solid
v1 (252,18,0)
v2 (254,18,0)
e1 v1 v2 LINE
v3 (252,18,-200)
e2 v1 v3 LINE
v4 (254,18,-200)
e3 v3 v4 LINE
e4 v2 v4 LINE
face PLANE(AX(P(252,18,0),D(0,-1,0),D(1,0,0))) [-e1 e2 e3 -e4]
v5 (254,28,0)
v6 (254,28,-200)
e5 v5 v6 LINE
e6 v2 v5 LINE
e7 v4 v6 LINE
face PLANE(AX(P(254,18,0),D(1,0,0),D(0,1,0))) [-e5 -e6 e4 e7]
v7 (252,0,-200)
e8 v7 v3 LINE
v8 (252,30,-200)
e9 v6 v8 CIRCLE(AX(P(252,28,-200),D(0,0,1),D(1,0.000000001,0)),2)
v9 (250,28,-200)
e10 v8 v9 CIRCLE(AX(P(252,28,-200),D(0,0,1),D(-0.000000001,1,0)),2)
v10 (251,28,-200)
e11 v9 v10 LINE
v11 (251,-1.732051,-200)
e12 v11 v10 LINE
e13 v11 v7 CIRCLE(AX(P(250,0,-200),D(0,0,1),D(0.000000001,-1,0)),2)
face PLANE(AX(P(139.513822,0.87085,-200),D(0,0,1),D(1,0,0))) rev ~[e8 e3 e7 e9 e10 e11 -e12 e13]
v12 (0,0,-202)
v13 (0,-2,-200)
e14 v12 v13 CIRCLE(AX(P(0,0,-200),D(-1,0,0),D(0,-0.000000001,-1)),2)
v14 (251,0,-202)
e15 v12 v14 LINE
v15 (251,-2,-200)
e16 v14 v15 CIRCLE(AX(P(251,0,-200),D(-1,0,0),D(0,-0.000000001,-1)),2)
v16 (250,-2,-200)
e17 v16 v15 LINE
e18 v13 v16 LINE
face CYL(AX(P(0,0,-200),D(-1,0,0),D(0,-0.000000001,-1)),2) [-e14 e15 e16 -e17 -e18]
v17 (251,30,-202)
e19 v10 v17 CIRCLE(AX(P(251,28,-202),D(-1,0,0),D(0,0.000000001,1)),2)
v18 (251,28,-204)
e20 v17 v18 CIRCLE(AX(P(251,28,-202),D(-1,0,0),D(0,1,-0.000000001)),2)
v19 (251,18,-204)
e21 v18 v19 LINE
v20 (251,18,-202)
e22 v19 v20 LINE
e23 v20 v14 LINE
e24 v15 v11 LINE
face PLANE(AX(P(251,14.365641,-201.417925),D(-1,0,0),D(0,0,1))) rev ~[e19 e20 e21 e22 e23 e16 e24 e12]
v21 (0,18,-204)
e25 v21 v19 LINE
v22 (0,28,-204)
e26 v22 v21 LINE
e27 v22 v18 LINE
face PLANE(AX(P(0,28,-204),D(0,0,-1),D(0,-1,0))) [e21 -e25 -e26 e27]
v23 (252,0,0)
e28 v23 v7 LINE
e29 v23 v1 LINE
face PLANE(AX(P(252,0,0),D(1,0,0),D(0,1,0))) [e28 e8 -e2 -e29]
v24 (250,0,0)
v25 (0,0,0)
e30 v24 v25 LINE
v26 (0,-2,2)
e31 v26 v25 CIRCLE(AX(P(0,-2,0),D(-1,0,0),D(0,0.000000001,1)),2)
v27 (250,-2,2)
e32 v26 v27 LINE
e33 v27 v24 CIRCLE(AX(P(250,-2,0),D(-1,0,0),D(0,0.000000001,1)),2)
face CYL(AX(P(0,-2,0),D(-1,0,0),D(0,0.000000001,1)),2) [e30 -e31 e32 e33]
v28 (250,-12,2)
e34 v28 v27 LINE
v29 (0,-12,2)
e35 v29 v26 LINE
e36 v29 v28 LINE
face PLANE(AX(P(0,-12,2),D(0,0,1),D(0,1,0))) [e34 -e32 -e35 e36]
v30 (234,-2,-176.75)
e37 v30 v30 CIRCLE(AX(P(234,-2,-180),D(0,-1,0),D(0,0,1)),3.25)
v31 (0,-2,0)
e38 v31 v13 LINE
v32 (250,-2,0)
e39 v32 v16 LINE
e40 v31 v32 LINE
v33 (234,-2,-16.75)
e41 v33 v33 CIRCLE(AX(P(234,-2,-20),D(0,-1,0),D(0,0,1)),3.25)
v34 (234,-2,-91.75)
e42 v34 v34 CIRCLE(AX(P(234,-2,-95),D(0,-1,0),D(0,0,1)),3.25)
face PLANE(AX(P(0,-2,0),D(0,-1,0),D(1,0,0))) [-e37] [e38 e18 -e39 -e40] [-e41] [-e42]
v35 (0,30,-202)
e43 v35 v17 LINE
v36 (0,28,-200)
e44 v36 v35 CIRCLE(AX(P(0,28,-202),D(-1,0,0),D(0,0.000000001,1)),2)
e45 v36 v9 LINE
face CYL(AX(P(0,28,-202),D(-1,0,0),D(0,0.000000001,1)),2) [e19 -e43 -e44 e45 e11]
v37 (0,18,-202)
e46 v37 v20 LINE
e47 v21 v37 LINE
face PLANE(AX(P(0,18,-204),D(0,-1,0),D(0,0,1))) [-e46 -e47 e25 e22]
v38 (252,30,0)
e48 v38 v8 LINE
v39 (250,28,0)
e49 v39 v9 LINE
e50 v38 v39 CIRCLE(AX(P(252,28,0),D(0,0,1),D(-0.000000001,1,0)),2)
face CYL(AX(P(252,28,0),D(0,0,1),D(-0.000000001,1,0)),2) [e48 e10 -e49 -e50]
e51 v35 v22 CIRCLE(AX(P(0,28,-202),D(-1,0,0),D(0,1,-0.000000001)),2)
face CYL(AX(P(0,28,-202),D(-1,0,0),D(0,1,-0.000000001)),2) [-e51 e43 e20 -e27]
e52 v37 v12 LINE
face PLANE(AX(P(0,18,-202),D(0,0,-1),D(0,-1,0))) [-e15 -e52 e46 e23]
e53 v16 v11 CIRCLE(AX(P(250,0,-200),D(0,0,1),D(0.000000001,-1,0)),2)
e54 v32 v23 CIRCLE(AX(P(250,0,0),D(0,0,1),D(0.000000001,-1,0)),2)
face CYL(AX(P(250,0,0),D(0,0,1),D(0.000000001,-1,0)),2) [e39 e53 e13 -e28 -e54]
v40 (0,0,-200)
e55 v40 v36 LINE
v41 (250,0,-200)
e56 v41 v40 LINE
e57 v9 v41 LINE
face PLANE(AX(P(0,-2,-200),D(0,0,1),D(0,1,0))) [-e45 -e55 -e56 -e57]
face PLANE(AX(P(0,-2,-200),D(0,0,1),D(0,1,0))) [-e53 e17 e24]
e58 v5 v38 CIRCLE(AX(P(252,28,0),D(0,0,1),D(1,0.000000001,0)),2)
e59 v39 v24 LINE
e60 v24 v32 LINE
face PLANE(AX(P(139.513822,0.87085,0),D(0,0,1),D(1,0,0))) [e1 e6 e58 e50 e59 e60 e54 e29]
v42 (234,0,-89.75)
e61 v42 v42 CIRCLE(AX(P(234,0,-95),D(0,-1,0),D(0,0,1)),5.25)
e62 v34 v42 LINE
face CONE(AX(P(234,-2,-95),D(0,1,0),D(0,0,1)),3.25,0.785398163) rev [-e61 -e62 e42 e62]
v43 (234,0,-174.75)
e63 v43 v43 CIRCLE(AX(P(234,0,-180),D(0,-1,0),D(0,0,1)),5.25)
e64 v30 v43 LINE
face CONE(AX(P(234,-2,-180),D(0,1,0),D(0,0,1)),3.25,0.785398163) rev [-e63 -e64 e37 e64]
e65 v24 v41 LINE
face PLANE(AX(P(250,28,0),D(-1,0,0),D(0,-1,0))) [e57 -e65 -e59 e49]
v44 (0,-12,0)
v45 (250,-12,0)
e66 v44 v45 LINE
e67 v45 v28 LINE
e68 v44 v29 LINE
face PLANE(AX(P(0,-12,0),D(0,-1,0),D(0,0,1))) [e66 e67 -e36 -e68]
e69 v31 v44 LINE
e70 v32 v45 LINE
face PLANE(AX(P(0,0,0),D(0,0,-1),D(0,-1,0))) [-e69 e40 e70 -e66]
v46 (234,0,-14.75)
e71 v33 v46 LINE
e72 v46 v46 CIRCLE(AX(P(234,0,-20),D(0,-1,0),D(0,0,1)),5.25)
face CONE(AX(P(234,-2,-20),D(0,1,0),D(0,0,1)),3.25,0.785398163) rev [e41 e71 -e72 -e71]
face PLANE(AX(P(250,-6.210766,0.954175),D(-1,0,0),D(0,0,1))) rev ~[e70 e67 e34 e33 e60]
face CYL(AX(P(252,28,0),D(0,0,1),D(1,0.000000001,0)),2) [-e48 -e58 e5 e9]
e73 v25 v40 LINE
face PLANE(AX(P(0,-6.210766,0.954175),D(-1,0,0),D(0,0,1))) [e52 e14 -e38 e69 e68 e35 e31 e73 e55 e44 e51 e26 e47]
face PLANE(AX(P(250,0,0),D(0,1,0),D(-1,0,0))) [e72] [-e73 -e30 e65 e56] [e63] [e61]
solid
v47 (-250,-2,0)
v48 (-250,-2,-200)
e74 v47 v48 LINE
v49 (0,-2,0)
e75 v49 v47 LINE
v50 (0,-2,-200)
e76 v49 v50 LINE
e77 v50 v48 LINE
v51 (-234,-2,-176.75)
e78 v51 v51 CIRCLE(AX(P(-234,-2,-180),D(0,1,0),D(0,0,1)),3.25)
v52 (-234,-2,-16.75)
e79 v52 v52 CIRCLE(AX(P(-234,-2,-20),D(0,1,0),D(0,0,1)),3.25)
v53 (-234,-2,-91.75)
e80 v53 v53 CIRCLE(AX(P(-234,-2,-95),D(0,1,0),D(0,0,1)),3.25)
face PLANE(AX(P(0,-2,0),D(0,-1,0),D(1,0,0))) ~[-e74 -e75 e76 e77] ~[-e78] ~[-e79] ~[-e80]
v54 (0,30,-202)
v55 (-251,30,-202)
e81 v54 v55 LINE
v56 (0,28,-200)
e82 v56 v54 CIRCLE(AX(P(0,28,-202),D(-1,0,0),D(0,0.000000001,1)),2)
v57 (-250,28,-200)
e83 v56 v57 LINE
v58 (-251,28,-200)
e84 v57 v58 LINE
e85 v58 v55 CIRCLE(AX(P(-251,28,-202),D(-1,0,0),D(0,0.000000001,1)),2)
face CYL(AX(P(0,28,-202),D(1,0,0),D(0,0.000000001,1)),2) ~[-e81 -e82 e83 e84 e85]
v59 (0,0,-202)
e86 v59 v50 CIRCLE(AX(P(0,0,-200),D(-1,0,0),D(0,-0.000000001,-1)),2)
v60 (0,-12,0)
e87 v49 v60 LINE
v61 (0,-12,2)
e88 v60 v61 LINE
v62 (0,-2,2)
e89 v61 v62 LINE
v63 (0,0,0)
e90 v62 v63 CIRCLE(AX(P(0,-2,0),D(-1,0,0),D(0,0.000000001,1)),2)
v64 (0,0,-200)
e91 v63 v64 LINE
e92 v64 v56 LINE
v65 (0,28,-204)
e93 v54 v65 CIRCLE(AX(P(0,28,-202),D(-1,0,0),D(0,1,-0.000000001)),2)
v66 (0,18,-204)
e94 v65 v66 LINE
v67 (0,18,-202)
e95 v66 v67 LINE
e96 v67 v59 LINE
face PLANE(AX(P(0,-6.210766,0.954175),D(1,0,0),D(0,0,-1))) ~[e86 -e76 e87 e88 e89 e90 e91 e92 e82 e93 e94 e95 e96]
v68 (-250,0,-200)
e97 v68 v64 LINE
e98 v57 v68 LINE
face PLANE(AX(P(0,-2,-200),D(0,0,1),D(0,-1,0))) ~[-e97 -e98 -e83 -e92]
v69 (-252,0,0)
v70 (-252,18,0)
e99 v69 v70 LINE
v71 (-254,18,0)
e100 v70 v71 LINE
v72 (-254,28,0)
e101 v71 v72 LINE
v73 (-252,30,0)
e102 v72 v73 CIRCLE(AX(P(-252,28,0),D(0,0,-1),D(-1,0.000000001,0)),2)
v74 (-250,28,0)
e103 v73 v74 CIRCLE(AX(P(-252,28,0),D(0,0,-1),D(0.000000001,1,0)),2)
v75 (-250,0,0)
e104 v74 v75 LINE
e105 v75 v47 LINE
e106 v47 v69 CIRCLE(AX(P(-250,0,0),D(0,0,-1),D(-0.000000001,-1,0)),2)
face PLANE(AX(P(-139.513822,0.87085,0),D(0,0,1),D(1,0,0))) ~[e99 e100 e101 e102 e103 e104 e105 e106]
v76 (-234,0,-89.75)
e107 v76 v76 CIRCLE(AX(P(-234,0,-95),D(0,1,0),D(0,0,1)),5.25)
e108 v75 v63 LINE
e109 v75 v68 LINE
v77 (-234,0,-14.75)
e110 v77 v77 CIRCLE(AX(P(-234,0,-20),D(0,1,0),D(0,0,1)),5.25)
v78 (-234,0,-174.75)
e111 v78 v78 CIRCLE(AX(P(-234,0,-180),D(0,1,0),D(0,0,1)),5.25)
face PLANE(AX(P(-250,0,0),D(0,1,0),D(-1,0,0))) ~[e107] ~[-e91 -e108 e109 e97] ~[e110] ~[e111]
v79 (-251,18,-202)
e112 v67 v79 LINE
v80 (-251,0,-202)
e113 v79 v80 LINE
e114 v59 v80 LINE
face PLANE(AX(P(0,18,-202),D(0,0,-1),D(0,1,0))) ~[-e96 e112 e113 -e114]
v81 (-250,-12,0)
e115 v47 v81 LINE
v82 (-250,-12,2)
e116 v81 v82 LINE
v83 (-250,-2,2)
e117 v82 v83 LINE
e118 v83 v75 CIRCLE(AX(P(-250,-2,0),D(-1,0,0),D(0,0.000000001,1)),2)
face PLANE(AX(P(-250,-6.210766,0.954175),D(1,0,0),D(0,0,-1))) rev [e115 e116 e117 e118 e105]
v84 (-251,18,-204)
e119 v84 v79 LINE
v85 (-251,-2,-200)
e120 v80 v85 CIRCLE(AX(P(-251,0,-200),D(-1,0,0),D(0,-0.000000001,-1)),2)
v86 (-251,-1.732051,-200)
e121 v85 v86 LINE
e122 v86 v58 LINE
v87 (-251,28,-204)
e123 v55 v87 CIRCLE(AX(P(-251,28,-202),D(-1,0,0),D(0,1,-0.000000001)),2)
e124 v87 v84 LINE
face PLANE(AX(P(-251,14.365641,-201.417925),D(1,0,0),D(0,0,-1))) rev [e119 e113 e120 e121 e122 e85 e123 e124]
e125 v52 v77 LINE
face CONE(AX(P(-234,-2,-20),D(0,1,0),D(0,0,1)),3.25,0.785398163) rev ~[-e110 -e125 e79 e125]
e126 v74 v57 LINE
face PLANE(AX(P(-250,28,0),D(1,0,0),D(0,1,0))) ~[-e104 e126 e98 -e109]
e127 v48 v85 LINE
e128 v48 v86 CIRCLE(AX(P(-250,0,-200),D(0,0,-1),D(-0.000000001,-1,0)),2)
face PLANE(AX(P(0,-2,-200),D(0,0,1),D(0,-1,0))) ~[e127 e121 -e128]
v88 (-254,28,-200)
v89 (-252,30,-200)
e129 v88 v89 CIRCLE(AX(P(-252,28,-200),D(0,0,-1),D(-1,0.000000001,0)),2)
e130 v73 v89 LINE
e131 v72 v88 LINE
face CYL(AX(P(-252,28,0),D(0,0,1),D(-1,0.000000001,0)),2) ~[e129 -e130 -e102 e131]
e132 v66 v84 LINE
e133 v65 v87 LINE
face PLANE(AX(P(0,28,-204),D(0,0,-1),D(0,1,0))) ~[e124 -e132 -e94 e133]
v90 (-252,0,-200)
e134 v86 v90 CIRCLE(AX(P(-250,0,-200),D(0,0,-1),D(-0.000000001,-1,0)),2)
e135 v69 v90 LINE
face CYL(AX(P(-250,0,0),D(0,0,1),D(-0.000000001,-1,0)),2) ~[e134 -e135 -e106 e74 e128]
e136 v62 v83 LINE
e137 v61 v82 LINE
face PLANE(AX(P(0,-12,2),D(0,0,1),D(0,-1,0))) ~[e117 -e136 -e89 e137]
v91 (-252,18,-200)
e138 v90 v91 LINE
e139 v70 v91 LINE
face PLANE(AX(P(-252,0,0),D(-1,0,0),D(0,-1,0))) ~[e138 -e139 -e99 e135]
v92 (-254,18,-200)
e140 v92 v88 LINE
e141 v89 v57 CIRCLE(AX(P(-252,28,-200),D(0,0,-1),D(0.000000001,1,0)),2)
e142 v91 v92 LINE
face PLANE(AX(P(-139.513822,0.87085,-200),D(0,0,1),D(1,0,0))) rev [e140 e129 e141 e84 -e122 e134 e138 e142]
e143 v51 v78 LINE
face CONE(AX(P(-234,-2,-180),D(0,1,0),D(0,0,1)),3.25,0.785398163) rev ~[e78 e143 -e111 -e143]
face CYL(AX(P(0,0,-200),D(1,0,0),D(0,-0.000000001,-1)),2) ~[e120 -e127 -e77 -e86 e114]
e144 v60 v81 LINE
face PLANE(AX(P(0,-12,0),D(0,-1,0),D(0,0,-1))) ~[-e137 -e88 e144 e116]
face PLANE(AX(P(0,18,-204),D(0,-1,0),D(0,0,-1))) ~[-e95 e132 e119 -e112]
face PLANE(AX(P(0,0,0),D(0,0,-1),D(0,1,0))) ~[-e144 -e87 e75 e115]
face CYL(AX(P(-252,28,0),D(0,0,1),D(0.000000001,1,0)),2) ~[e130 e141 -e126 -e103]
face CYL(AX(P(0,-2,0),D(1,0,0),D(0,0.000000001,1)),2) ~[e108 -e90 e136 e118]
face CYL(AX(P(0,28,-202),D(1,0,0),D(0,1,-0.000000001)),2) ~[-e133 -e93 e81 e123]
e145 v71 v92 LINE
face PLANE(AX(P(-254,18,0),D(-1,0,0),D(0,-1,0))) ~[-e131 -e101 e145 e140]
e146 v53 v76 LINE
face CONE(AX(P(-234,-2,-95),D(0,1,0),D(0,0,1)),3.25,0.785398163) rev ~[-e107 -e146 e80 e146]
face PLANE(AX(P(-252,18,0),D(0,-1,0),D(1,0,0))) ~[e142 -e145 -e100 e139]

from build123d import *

# Parameters (mm, degrees)
EXTRUDE_1_DEPTH = 200
EXTRUDE_2_DEPTH = 251
EXTRUDE_3_DEPTH = 250


with BuildPart() as part:
    # 草圖1 → 擠出1 (new body)
    with BuildSketch(Plane.XY):
        with BuildLine():
            Line((0, 0), (0, -2))
            Line((0, -2), (250, -2))
            ThreePointArc((250, -2), (251.414213562, -1.414213562), (252, 0))
            Line((252, 0), (252, 18))
            Line((252, 18), (254, 18))
            Line((254, 18), (254, 28))
            ThreePointArc((254, 28), (253.414213562, 29.414213562), (252, 30))
            ThreePointArc((252, 30), (250.585786438, 29.414213562), (250, 28))
            Line((250, 28), (250, 0))
            Line((250, 0), (0, 0))
        make_face()
    extrude(amount=-EXTRUDE_1_DEPTH)

    # 草圖2 → 擠出2 (add)
    with BuildSketch(Plane.ZY):
        with BuildLine():
            Line((-200, -2), (-200, 28))
            ThreePointArc((-200, 28), (-200.585786438, 29.414213562), (-202, 30))
            ThreePointArc((-202, 30), (-203.414213562, 29.414213562), (-204, 28))
            Line((-204, 28), (-204, 18))
            Line((-204, 18), (-202, 18))
            Line((-202, 18), (-202, 0))
            ThreePointArc((-202, 0), (-201.414213562, -1.414213562), (-200, -2))
        make_face()
    extrude(amount=-EXTRUDE_2_DEPTH)

    # 草圖3 → 擠出3 (add)
    with BuildSketch(Plane.ZY):
        with BuildLine():
            Line((0, 0), (0, -12))
            Line((0, -12), (2, -12))
            Line((2, -12), (2, -2))
            ThreePointArc((2, -2), (1.414213562, -0.585786438), (0, 0))
        make_face()
    extrude(amount=-EXTRUDE_3_DEPTH)

    # 草圖4 → 迴轉1 (revolve, cut)
    with BuildSketch(Plane(origin=(234, 0, -200), x_dir=(0, 0, 1), z_dir=(-1, 0, 0)), mode=Mode.PRIVATE) as cut_revolve_1_sk:
        Polygon((180, 0), (180, -2), (176.75, -2), (174.75, 0), align=None)
    revolve(cut_revolve_1_sk.sketch.rotate(Axis((234, 0, -20), (0, -1, 0)), 180), axis=Axis((234, 0, -20), (0, -1, 0)), mode=Mode.SUBTRACT)

    # 草圖5 → 迴轉2 (revolve, cut)
    with BuildSketch(Plane(origin=(234, 0, -200), x_dir=(0, 0, 1), z_dir=(-1, 0, 0)), mode=Mode.PRIVATE) as cut_revolve_2_sk:
        Polygon((20, 0), (20, -2), (16.75, -2), (14.75, 0), align=None)
    revolve(cut_revolve_2_sk.sketch.rotate(Axis((234, 0, -180), (0, -1, 0)), 180), axis=Axis((234, 0, -180), (0, -1, 0)), mode=Mode.SUBTRACT)

    # 草圖6 → 迴轉3 (revolve, cut)
    with BuildSketch(Plane(origin=(234, 0, -200), x_dir=(0, 0, 1), z_dir=(-1, 0, 0)), mode=Mode.PRIVATE) as cut_revolve_3_sk:
        Polygon((105, 0), (105, -2), (101.75, -2), (99.75, 0), align=None)
    revolve(cut_revolve_3_sk.sketch.rotate(Axis((234, 0, -95), (0, -1, 0)), 180), axis=Axis((234, 0, -95), (0, -1, 0)), mode=Mode.SUBTRACT)


with BuildPart() as body_2:
    # 鏡射1: mirrored copy
    add(part.part.mirror(Plane(origin=(0, -1, -120), x_dir=(0, 0, 1), z_dir=(-1, 0, 0))))


solid = Compound([part.part, body_2.part])
